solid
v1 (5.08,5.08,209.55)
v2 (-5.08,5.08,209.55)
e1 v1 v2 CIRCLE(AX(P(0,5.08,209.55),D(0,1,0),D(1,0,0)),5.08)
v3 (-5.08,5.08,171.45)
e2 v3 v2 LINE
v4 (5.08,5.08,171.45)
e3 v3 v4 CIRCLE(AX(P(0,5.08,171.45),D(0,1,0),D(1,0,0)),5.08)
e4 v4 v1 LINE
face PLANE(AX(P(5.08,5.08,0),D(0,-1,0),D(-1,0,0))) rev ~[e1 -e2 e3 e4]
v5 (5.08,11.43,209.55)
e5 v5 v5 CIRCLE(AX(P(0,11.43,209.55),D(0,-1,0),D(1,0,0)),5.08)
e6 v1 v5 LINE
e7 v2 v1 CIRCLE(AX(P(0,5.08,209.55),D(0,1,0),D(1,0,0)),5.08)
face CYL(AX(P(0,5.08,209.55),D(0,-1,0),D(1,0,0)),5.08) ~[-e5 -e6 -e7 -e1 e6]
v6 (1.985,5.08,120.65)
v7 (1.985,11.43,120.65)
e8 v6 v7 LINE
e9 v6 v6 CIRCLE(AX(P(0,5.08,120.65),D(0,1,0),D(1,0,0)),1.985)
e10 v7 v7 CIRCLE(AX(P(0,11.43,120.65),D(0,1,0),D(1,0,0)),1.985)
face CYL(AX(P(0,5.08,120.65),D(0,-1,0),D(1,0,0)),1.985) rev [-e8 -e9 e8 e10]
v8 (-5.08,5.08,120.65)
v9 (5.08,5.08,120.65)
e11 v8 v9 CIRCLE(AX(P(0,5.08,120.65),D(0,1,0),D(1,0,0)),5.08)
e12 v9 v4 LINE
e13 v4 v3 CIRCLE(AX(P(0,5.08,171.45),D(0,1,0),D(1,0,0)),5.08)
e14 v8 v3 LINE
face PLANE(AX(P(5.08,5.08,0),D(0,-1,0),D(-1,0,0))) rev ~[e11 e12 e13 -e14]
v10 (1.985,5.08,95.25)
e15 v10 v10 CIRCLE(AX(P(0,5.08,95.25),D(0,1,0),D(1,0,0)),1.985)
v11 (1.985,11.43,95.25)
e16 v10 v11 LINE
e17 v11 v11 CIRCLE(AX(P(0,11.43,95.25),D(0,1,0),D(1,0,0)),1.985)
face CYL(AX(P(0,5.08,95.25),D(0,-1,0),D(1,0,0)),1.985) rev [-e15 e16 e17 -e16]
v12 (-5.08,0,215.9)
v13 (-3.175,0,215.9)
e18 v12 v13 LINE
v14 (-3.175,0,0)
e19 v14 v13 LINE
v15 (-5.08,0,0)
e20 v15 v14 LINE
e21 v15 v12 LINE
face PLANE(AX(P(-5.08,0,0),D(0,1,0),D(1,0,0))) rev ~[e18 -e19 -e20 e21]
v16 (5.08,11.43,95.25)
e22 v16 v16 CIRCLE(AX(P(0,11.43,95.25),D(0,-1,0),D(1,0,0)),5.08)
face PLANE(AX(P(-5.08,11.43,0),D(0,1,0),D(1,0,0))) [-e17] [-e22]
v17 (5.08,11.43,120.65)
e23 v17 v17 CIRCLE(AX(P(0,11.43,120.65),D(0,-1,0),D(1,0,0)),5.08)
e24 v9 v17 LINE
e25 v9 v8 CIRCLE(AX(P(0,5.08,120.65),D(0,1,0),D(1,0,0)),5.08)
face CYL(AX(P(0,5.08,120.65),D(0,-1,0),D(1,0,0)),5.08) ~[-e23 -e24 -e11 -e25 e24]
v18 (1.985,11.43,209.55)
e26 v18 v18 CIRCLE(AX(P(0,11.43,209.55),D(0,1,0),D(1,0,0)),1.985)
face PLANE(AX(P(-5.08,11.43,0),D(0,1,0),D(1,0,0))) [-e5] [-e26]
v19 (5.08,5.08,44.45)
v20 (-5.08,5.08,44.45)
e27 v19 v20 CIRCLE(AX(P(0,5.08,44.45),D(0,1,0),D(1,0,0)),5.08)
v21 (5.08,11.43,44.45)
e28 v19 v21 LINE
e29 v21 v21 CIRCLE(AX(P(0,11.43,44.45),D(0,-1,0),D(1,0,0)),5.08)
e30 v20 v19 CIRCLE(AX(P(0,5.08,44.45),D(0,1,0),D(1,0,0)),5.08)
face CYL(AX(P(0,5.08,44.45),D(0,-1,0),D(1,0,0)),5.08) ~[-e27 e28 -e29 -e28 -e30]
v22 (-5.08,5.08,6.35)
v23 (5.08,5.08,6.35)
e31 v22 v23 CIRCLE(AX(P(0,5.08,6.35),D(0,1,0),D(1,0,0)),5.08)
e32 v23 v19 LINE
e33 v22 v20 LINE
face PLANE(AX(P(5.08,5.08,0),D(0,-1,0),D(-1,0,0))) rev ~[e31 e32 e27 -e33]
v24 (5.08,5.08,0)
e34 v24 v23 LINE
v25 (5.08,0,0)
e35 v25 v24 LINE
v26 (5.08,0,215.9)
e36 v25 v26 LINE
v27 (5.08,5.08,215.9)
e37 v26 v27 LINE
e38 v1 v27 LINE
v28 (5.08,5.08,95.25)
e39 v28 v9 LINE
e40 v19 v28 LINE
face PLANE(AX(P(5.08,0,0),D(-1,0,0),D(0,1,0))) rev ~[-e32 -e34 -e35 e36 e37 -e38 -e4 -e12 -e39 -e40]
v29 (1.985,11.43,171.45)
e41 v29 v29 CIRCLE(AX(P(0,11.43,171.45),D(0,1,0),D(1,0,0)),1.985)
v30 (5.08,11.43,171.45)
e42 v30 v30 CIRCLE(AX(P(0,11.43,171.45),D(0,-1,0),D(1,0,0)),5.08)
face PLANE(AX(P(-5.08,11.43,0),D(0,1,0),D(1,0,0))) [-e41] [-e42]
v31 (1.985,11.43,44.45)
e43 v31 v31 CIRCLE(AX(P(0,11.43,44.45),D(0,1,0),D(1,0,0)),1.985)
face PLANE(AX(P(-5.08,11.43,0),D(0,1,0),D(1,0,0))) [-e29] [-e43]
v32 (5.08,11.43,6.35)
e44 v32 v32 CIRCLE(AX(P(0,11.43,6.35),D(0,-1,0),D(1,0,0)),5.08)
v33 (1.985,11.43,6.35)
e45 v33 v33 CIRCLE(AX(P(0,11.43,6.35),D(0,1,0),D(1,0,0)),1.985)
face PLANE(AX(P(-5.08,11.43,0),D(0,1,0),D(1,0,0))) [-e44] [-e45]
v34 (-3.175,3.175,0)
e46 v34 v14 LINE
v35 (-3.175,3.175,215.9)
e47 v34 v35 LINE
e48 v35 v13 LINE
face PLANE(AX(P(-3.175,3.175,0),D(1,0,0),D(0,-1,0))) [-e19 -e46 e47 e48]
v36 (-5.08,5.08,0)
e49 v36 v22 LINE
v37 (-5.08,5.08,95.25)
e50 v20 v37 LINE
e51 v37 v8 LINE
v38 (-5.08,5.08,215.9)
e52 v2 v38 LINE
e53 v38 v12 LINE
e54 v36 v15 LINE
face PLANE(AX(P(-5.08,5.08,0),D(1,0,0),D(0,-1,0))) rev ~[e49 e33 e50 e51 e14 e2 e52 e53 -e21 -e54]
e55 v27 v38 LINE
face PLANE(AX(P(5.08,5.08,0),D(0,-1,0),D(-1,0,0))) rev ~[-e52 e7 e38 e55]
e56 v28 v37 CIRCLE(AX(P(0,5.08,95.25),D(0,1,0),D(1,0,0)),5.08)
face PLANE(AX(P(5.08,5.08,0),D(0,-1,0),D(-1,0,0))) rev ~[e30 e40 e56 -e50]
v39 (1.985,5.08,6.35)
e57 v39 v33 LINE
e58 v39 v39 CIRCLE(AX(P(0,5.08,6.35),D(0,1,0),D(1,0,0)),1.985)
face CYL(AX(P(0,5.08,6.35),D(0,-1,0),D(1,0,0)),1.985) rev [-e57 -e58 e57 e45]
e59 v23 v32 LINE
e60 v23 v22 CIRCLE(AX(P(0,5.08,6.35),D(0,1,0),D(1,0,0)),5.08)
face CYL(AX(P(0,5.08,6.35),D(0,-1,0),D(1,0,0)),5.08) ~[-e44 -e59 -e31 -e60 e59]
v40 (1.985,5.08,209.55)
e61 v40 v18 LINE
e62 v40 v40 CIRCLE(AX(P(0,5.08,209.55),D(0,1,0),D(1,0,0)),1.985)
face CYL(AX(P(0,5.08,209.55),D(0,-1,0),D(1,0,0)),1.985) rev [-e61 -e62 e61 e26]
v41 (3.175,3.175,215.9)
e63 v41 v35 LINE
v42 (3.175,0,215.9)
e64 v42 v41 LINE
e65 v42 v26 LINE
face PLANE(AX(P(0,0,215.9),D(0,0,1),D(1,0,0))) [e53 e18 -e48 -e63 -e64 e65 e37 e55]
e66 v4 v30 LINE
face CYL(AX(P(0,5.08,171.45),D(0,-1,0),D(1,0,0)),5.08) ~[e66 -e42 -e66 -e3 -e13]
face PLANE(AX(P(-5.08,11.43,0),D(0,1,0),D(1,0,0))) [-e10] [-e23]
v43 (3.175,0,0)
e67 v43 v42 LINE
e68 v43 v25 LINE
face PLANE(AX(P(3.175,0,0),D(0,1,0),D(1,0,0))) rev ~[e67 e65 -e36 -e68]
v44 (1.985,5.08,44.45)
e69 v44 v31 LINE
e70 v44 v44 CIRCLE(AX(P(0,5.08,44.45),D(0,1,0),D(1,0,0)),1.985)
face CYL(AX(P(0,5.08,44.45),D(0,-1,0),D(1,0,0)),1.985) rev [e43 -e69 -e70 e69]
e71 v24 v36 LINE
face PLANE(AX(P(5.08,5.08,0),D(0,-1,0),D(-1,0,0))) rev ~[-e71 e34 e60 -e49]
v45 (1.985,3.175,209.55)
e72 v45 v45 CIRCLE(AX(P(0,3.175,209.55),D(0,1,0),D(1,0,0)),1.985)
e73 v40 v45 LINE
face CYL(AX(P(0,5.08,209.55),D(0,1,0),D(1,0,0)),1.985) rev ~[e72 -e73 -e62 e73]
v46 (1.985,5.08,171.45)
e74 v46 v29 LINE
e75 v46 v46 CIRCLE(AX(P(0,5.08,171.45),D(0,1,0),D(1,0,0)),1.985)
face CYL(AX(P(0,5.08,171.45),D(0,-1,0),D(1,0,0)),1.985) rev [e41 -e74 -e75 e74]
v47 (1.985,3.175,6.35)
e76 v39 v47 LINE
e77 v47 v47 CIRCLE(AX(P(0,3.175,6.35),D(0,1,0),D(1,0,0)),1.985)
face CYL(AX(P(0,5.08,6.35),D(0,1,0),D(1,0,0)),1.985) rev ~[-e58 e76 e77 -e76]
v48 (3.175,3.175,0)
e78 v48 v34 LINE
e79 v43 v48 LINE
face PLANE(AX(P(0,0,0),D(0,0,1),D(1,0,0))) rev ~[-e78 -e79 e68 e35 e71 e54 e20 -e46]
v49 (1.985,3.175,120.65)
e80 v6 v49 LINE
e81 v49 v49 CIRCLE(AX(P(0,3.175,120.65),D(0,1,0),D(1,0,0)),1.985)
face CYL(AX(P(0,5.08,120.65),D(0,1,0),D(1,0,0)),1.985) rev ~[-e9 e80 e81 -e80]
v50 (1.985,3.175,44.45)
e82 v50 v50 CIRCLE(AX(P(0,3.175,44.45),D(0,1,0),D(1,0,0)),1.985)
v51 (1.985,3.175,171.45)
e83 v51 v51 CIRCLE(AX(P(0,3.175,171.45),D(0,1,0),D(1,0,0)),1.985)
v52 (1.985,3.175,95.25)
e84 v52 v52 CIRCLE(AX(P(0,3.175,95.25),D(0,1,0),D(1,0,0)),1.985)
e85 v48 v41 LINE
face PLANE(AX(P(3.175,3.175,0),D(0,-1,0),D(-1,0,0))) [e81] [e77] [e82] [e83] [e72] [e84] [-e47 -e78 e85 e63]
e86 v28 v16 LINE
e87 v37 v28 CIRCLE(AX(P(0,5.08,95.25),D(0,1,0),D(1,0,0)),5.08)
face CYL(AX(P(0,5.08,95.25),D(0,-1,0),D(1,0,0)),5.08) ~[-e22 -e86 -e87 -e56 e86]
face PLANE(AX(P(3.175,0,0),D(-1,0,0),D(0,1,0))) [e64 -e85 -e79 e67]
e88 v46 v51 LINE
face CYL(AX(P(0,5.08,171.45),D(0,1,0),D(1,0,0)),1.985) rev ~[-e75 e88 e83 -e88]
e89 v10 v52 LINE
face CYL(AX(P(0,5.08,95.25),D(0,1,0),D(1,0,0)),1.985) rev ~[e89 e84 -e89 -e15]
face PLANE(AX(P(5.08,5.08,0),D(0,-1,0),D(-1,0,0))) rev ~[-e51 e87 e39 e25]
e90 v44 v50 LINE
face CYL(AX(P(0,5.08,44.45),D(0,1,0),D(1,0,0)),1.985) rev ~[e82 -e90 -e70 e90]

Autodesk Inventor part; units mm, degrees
ref_plane "YZ Plane" through (0, 0, 0) normal (1, 0, 0) x (0, 1, 0)
ref_plane "XZ Plane" through (0, 0, 0) normal (0, 1, 0) x (-1, 0, 0)
ref_plane "XY Plane" through (0, 0, 0) normal (0, 0, 1) x (1, 0, 0)
sketch "Sketch1" plane through (0, 0, 0) normal (0, 0, 1) x (1, 0, 0)
  line L0 (3.175, 0) -> (3.175, 3.175)
  line L1 (3.175, 3.175) -> (-3.175, 3.175)
  line L2 (-3.175, 3.175) -> (-3.175, 0)
  line L3 (5.08, 0) -> (5.08, 5.08)
  line L4 (5.08, 5.08) -> (-5.08, 5.08)
  line L5 (-5.08, 5.08) -> (-5.08, 0)
  line L6 (-5.08, 0) -> (-3.175, 0)
  line L7 (3.175, 0) -> (5.08, 0)
  point P0 (0, 0)
  dimension "d0" = 6.35
  dimension "d1" = 3.175
  dimension "d2" = 10.16
  dimension "d3" = 5.08
extrude "Extrusion1" add sketch "Sketch1" along normal blind 215.9
sketch "Sketch2" plane through (-5.08, 5.08, 0) normal (0, 1, 0) x (1, 0, 0)
  circle A0 centre (5.08, -6.35) radius 1.985
  circle A1 centre (5.08, -209.55) radius 1.985
  circle A2 centre (5.08, -44.45) radius 1.985
  circle A3 centre (5.08, -171.45) radius 1.985
  circle A4 centre (5.08, -95.25) radius 1.985
  circle A5 centre (5.08, -120.65) radius 1.985
  point P0 (5.08, 0)
  dimension "d6" = 3.97
  dimension "d7" = 3.97
  dimension "d8" = 3.97
  dimension "d9" = 3.97
  dimension "d10" = 3.97
  dimension "d11" = 3.97
extrude "Extrusion2" cut sketch "Sketch2" against normal blind 215.9
sketch "Sketch3" plane through (5.08, 0, 0) normal (1, 0, 0) x (0, 0, -1)
  point P0 (0, 0)
sketch "Sketch4" plane through (-5.08, 5.08, 0) normal (0, 1, 0) x (1, 0, 0)
  circle A0 centre (5.08, -6.35) radius 1.985 projected
  circle A1 centre (5.08, -44.45) radius 1.985 projected
  circle A2 centre (5.08, -95.25) radius 1.985 projected
  circle A3 centre (5.08, -120.65) radius 1.985 projected
  circle A4 centre (5.08, -171.45) radius 1.985 projected
  circle A5 centre (5.08, -6.35) radius 5.08
  circle A6 centre (5.08, -44.45) radius 5.08
  line L0 (0, 0) -> (0, -215.9) projected
  circle A7 centre (5.08, -95.25) radius 5.08
  circle A8 centre (5.08, -120.65) radius 5.08
  circle A9 centre (5.08, -171.45) radius 5.08
  circle A10 centre (5.08, -209.55) radius 1.985 projected
  circle A11 centre (5.08, -209.55) radius 5.08
  point P0 (5.08, 0)
extrude "Extrusion3" add sketch "Sketch4" along normal blind 6.35
properties part number "chassis_brace_jig"
